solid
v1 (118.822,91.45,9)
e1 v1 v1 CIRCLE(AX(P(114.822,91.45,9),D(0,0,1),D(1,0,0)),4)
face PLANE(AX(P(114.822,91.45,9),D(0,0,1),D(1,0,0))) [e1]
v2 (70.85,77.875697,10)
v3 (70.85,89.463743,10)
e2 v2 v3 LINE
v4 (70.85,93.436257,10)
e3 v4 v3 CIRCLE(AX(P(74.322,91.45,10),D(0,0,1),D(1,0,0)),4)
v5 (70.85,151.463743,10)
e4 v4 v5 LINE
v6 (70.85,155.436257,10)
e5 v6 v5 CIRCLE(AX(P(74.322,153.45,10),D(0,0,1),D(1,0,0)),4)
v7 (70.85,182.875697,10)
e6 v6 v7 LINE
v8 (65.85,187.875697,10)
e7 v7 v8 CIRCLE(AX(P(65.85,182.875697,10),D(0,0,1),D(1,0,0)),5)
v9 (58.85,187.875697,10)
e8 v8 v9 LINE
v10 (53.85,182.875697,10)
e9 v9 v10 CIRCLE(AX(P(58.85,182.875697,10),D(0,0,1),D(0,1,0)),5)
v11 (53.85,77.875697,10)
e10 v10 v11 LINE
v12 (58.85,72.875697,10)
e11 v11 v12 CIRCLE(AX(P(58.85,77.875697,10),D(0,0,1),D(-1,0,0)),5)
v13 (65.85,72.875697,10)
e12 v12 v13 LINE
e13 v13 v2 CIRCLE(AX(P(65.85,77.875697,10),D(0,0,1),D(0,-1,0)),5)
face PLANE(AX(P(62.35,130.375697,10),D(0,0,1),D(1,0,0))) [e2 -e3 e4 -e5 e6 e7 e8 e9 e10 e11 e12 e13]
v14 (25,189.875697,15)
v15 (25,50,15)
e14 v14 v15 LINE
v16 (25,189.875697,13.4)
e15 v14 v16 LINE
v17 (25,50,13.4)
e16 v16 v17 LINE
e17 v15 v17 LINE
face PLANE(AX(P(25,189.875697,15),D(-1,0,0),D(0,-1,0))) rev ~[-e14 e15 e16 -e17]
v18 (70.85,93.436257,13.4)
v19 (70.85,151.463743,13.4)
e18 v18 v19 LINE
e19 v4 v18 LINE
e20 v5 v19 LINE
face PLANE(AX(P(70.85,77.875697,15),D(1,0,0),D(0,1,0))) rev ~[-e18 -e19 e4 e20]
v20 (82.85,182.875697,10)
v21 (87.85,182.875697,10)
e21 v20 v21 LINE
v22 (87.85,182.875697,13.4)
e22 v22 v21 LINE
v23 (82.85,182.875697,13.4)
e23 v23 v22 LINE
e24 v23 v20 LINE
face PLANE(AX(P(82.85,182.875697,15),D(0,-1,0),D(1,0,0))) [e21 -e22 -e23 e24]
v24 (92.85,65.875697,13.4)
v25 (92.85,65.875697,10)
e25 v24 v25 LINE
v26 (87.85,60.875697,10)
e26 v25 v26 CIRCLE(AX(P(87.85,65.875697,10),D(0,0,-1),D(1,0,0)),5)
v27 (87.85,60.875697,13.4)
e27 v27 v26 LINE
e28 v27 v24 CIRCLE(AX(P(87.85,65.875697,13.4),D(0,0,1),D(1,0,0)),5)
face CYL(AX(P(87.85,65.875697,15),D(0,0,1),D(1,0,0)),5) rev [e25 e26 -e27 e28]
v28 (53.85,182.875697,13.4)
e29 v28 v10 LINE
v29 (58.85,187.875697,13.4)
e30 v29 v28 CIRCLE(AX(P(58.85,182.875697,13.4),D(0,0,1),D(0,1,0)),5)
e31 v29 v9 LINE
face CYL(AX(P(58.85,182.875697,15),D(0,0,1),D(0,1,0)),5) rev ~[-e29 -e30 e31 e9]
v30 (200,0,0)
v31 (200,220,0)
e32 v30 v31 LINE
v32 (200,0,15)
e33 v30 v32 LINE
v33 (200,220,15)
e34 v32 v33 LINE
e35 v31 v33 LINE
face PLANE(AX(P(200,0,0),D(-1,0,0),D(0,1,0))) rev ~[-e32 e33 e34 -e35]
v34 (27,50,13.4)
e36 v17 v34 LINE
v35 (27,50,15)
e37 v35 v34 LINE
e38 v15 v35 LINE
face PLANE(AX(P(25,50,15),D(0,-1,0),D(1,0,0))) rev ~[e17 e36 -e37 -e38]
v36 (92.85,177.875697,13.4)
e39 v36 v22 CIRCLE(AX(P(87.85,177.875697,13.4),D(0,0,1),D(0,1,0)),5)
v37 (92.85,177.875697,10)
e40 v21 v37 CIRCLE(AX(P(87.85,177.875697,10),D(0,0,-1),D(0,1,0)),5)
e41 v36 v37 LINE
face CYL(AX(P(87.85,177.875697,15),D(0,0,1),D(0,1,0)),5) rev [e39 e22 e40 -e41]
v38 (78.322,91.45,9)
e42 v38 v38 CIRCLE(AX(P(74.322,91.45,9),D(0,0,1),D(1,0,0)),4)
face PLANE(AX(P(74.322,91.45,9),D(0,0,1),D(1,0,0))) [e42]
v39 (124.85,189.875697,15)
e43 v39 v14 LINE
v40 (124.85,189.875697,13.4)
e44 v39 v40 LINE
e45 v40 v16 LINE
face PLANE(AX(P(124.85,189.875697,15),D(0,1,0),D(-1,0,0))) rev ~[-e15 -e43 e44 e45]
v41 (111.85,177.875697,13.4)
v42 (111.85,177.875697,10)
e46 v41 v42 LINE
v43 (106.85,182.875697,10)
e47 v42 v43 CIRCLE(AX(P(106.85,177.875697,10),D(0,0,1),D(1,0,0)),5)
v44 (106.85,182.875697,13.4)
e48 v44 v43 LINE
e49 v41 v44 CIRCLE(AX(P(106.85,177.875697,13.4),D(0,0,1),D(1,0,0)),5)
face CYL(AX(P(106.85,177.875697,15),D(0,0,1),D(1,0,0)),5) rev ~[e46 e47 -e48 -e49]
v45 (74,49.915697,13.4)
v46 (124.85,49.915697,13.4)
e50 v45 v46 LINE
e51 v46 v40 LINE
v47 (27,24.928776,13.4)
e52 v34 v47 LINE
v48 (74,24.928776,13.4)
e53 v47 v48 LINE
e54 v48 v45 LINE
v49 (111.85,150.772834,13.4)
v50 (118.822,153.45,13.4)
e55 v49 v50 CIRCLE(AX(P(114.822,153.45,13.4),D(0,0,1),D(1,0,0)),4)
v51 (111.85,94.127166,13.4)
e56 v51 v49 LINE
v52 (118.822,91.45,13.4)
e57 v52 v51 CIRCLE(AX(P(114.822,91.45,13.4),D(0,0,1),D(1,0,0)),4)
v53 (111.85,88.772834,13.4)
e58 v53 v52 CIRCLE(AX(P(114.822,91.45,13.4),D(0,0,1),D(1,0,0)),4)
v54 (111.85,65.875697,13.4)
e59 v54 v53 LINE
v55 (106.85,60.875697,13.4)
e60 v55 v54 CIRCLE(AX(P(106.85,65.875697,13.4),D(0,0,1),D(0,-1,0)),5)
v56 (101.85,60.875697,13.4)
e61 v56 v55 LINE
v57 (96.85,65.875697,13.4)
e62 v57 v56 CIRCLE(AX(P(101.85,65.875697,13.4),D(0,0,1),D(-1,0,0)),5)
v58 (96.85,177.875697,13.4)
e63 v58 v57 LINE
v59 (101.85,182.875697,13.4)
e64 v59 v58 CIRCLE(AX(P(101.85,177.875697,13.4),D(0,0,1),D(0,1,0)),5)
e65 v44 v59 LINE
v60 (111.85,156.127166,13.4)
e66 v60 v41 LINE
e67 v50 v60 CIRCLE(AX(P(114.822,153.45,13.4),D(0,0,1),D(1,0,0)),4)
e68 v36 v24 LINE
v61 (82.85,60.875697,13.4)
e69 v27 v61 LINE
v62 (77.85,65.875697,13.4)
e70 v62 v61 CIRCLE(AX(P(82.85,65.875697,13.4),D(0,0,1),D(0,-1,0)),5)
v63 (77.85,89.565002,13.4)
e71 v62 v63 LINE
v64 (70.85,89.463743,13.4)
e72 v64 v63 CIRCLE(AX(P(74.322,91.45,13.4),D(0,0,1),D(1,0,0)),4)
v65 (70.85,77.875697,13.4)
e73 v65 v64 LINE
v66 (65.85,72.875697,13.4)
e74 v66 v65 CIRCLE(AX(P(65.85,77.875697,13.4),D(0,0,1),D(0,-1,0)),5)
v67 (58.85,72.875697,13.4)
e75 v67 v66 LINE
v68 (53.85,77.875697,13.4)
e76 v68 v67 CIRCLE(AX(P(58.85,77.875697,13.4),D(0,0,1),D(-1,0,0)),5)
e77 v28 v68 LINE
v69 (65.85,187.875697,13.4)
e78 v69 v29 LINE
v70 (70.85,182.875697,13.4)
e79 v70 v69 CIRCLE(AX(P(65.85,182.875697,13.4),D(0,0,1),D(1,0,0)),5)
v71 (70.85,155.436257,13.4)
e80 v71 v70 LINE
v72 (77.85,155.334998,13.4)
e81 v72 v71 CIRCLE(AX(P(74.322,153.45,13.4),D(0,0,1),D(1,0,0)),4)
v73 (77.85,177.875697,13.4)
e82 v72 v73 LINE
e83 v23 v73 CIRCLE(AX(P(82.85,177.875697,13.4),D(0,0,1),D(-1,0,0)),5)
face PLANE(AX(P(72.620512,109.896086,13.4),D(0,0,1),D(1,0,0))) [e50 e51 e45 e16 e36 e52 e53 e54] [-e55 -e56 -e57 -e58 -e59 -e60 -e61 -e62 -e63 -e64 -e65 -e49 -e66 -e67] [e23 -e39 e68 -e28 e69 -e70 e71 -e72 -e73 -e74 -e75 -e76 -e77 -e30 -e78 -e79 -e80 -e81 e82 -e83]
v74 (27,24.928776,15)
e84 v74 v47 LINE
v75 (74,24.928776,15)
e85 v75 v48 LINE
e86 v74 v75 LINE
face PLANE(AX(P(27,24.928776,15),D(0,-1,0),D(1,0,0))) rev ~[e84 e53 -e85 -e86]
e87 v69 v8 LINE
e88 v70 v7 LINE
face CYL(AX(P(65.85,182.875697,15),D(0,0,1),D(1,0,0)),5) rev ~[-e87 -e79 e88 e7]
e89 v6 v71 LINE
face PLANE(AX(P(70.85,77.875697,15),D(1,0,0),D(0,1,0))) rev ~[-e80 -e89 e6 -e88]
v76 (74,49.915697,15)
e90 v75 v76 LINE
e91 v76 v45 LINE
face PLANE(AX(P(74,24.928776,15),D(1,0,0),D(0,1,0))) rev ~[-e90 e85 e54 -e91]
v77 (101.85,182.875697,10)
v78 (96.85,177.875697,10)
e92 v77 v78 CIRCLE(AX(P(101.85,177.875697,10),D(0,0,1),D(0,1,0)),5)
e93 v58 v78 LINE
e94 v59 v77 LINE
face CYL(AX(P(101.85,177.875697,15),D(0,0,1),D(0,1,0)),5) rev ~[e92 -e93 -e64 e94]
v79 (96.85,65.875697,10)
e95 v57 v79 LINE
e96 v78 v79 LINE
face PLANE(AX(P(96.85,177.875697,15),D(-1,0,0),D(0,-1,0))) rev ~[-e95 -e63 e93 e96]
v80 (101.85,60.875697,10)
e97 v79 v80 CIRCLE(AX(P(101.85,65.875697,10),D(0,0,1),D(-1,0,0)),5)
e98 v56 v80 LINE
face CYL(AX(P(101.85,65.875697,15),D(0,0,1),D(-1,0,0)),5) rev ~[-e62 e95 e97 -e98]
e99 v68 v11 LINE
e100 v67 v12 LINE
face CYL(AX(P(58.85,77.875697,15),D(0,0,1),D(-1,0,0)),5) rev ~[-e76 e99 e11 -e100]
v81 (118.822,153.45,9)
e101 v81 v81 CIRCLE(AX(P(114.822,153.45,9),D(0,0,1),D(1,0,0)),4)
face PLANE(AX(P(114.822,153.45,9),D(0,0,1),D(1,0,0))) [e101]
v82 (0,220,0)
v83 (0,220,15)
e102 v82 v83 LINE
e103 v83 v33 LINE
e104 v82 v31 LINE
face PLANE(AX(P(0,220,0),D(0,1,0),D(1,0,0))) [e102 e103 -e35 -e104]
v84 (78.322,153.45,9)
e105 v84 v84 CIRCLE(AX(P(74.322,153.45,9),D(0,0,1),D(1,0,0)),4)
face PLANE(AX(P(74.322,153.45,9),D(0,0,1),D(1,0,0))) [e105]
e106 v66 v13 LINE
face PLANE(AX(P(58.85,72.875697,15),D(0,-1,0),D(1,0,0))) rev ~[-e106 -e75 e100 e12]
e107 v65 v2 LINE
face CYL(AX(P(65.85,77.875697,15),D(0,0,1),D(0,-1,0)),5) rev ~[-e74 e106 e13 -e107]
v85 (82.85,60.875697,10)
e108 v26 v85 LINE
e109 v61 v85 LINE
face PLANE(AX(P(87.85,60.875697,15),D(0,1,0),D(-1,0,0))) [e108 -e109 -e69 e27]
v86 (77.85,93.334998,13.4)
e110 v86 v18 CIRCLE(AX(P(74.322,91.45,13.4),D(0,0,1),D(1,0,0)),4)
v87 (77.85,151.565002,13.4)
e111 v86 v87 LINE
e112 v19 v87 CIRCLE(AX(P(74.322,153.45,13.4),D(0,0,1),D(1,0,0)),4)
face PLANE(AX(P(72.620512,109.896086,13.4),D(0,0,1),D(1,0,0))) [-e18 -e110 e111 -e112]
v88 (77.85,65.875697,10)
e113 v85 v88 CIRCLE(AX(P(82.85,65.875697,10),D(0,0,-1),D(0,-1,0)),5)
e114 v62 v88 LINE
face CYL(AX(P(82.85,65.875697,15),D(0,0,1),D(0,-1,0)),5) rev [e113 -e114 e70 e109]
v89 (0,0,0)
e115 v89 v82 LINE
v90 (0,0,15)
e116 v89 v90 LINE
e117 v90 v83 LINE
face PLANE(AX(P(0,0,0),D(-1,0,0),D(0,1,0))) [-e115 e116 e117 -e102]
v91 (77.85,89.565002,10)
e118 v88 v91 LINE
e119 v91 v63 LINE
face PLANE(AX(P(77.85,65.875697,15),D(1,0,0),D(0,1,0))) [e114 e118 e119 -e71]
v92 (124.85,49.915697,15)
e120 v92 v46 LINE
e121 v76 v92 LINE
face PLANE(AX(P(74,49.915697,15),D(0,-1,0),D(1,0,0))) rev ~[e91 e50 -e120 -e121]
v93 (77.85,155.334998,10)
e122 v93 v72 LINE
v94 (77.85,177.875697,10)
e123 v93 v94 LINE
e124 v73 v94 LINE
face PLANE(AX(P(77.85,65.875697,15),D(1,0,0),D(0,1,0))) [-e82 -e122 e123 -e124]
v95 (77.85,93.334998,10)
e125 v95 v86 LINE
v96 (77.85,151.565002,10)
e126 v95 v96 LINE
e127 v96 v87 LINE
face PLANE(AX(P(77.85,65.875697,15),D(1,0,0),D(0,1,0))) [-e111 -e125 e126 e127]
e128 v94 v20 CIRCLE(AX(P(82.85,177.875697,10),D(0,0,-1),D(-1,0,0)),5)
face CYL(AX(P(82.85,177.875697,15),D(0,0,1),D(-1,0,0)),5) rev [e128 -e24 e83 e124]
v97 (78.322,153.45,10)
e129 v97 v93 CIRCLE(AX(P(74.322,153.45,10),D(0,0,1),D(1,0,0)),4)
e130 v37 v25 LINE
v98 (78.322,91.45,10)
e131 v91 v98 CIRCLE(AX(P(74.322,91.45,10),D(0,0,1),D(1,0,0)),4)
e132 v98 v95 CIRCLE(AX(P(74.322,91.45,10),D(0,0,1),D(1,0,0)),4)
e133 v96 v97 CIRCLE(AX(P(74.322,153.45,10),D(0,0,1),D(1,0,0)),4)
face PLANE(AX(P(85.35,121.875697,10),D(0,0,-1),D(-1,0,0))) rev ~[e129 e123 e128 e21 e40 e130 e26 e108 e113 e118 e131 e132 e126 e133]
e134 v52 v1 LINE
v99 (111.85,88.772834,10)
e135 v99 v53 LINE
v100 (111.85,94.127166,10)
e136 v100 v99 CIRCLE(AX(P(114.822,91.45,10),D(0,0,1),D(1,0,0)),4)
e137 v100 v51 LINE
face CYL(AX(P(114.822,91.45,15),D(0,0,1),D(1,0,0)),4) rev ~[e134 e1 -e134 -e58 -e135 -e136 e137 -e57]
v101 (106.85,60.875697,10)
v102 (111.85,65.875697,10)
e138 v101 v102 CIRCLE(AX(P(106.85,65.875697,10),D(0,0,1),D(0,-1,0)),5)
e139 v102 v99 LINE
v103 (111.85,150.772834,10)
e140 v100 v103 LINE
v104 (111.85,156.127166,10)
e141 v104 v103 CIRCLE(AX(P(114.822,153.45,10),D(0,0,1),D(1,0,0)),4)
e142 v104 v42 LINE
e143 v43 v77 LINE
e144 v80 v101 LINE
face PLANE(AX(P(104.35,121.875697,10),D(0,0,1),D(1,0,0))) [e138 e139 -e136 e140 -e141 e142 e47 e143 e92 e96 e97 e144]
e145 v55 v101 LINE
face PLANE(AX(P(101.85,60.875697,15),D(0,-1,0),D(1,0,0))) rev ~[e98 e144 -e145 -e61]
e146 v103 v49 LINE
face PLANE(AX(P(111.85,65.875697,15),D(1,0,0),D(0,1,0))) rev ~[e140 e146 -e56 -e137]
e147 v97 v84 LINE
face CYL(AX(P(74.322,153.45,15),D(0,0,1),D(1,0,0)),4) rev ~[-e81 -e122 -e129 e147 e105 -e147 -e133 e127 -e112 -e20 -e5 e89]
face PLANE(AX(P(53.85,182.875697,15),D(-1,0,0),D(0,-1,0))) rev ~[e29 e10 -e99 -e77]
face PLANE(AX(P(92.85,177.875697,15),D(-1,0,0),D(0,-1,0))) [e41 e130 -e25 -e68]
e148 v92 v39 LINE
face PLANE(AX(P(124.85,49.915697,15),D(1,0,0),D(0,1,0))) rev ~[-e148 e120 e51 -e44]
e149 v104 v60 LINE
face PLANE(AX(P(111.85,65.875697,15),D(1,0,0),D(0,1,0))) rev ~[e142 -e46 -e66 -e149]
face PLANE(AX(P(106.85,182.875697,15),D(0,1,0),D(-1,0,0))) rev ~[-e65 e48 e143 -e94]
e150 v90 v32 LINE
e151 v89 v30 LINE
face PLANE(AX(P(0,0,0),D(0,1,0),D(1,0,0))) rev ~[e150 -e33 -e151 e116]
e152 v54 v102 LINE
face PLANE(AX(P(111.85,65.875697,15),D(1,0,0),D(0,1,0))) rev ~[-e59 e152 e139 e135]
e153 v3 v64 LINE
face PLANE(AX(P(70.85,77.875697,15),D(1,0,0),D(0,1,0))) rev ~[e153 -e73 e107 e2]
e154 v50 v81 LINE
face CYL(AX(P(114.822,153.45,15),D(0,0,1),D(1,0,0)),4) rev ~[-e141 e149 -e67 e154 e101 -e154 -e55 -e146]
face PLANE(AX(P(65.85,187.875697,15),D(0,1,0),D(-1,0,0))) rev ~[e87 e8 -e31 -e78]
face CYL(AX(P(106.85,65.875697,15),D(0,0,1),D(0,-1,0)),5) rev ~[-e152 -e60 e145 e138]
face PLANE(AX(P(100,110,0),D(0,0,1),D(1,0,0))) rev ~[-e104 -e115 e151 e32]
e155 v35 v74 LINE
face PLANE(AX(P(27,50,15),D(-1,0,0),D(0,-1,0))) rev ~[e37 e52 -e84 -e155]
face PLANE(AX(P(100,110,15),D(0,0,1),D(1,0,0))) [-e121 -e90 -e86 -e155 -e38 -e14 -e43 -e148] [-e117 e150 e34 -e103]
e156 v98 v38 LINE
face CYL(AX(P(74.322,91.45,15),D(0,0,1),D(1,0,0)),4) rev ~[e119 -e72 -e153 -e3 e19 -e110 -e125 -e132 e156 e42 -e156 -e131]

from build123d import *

# Parameters (mm, degrees)
ESQUISSE1_W             = 200
ESQUISSE1_H             = 220
BOSS_EXTRU_1_DEPTH      = 15
ESQUISSE2_R             = 4
ENL_V_MAT_EXTRU_1_DEPTH = 6
ENL_V_MAT_EXTRU_2_DEPTH = 1.6
ENL_V_MAT_EXTRU_3_DEPTH = 5


with BuildPart() as part:
    # Esquisse1 → Boss.-Extru.1 (new body)
    with BuildSketch(Plane.XY):
        with Locations((100, 110)):
            Rectangle(ESQUISSE1_W, ESQUISSE1_H)
    extrude(amount=BOSS_EXTRU_1_DEPTH)

    # Esquisse2 → Enlèv. mat.-Extru.1 (cut)
    with BuildSketch(Plane.XY.offset(15)):
        with Locations((74.322, 91.45)):
            Circle(ESQUISSE2_R)
        with Locations((74.322, 153.45)):
            Circle(ESQUISSE2_R)
        with Locations((114.822, 91.45)):
            Circle(ESQUISSE2_R)
        with Locations((114.822, 153.45)):
            Circle(ESQUISSE2_R)
    extrude(amount=-ENL_V_MAT_EXTRU_1_DEPTH, mode=Mode.SUBTRACT)

    # Esquisse3 → Enlèv. mat.-Extru.2 (cut)
    with BuildSketch(Plane.XY.offset(15)):
        Polygon((27, 50), (27, 24.928776057), (74, 24.928776057), (74, 49.915697098), (124.85, 49.915697098), (124.85, 189.875697098), (25, 189.875697098), (25, 50), align=None)
    extrude(amount=-ENL_V_MAT_EXTRU_2_DEPTH, mode=Mode.SUBTRACT)

    # Esquisse4 → Enlèv. mat.-Extru.3 (cut)
    with BuildSketch(Plane.XY.offset(15)):
        with BuildLine():
            Line((106.85, 182.875697098), (101.85, 182.875697098))
            ThreePointArc((101.85, 182.875697098), (98.314466094, 181.411231003), (96.85, 177.875697098))
            Line((96.85, 177.875697098), (96.85, 65.875697098))
            ThreePointArc((96.85, 65.875697098), (98.314466094, 62.340163192), (101.85, 60.875697098))
            Line((101.85, 60.875697098), (106.85, 60.875697098))
            ThreePointArc((106.85, 60.875697098), (110.385533906, 62.340163192), (111.85, 65.875697098))
            Line((111.85, 65.875697098), (111.85, 177.875697098))
            ThreePointArc((111.85, 177.875697098), (110.385533906, 181.411231003), (106.85, 182.875697098))
        make_face()
        with BuildLine():
            Line((87.85, 60.875697098), (82.85, 60.875697098))
            ThreePointArc((82.85, 60.875697098), (79.314466094, 62.340163192), (77.85, 65.875697098))
            Line((77.85, 65.875697098), (77.85, 177.875697098))
            ThreePointArc((77.85, 177.875697098), (79.314466094, 181.411231003), (82.85, 182.875697098))
            Line((82.85, 182.875697098), (87.85, 182.875697098))
            ThreePointArc((87.85, 182.875697098), (91.385533906, 181.411231003), (92.85, 177.875697098))
            Line((92.85, 177.875697098), (92.85, 65.875697098))
            ThreePointArc((92.85, 65.875697098), (91.385533906, 62.340163192), (87.85, 60.875697098))
        make_face()
        with BuildLine():
            Line((65.85, 187.875697098), (58.85, 187.875697098))
            ThreePointArc((58.85, 187.875697098), (55.314466094, 186.411231003), (53.85, 182.875697098))
            Line((53.85, 182.875697098), (53.85, 77.875697098))
            ThreePointArc((53.85, 77.875697098), (55.314466094, 74.340163192), (58.85, 72.875697098))
            Line((58.85, 72.875697098), (65.85, 72.875697098))
            ThreePointArc((65.85, 72.875697098), (69.385533906, 74.340163192), (70.85, 77.875697098))
            Line((70.85, 77.875697098), (70.85, 182.875697098))
            ThreePointArc((70.85, 182.875697098), (69.385533906, 186.411231003), (65.85, 187.875697098))
        make_face()
    extrude(amount=-ENL_V_MAT_EXTRU_3_DEPTH, mode=Mode.SUBTRACT)


solid = part.part
